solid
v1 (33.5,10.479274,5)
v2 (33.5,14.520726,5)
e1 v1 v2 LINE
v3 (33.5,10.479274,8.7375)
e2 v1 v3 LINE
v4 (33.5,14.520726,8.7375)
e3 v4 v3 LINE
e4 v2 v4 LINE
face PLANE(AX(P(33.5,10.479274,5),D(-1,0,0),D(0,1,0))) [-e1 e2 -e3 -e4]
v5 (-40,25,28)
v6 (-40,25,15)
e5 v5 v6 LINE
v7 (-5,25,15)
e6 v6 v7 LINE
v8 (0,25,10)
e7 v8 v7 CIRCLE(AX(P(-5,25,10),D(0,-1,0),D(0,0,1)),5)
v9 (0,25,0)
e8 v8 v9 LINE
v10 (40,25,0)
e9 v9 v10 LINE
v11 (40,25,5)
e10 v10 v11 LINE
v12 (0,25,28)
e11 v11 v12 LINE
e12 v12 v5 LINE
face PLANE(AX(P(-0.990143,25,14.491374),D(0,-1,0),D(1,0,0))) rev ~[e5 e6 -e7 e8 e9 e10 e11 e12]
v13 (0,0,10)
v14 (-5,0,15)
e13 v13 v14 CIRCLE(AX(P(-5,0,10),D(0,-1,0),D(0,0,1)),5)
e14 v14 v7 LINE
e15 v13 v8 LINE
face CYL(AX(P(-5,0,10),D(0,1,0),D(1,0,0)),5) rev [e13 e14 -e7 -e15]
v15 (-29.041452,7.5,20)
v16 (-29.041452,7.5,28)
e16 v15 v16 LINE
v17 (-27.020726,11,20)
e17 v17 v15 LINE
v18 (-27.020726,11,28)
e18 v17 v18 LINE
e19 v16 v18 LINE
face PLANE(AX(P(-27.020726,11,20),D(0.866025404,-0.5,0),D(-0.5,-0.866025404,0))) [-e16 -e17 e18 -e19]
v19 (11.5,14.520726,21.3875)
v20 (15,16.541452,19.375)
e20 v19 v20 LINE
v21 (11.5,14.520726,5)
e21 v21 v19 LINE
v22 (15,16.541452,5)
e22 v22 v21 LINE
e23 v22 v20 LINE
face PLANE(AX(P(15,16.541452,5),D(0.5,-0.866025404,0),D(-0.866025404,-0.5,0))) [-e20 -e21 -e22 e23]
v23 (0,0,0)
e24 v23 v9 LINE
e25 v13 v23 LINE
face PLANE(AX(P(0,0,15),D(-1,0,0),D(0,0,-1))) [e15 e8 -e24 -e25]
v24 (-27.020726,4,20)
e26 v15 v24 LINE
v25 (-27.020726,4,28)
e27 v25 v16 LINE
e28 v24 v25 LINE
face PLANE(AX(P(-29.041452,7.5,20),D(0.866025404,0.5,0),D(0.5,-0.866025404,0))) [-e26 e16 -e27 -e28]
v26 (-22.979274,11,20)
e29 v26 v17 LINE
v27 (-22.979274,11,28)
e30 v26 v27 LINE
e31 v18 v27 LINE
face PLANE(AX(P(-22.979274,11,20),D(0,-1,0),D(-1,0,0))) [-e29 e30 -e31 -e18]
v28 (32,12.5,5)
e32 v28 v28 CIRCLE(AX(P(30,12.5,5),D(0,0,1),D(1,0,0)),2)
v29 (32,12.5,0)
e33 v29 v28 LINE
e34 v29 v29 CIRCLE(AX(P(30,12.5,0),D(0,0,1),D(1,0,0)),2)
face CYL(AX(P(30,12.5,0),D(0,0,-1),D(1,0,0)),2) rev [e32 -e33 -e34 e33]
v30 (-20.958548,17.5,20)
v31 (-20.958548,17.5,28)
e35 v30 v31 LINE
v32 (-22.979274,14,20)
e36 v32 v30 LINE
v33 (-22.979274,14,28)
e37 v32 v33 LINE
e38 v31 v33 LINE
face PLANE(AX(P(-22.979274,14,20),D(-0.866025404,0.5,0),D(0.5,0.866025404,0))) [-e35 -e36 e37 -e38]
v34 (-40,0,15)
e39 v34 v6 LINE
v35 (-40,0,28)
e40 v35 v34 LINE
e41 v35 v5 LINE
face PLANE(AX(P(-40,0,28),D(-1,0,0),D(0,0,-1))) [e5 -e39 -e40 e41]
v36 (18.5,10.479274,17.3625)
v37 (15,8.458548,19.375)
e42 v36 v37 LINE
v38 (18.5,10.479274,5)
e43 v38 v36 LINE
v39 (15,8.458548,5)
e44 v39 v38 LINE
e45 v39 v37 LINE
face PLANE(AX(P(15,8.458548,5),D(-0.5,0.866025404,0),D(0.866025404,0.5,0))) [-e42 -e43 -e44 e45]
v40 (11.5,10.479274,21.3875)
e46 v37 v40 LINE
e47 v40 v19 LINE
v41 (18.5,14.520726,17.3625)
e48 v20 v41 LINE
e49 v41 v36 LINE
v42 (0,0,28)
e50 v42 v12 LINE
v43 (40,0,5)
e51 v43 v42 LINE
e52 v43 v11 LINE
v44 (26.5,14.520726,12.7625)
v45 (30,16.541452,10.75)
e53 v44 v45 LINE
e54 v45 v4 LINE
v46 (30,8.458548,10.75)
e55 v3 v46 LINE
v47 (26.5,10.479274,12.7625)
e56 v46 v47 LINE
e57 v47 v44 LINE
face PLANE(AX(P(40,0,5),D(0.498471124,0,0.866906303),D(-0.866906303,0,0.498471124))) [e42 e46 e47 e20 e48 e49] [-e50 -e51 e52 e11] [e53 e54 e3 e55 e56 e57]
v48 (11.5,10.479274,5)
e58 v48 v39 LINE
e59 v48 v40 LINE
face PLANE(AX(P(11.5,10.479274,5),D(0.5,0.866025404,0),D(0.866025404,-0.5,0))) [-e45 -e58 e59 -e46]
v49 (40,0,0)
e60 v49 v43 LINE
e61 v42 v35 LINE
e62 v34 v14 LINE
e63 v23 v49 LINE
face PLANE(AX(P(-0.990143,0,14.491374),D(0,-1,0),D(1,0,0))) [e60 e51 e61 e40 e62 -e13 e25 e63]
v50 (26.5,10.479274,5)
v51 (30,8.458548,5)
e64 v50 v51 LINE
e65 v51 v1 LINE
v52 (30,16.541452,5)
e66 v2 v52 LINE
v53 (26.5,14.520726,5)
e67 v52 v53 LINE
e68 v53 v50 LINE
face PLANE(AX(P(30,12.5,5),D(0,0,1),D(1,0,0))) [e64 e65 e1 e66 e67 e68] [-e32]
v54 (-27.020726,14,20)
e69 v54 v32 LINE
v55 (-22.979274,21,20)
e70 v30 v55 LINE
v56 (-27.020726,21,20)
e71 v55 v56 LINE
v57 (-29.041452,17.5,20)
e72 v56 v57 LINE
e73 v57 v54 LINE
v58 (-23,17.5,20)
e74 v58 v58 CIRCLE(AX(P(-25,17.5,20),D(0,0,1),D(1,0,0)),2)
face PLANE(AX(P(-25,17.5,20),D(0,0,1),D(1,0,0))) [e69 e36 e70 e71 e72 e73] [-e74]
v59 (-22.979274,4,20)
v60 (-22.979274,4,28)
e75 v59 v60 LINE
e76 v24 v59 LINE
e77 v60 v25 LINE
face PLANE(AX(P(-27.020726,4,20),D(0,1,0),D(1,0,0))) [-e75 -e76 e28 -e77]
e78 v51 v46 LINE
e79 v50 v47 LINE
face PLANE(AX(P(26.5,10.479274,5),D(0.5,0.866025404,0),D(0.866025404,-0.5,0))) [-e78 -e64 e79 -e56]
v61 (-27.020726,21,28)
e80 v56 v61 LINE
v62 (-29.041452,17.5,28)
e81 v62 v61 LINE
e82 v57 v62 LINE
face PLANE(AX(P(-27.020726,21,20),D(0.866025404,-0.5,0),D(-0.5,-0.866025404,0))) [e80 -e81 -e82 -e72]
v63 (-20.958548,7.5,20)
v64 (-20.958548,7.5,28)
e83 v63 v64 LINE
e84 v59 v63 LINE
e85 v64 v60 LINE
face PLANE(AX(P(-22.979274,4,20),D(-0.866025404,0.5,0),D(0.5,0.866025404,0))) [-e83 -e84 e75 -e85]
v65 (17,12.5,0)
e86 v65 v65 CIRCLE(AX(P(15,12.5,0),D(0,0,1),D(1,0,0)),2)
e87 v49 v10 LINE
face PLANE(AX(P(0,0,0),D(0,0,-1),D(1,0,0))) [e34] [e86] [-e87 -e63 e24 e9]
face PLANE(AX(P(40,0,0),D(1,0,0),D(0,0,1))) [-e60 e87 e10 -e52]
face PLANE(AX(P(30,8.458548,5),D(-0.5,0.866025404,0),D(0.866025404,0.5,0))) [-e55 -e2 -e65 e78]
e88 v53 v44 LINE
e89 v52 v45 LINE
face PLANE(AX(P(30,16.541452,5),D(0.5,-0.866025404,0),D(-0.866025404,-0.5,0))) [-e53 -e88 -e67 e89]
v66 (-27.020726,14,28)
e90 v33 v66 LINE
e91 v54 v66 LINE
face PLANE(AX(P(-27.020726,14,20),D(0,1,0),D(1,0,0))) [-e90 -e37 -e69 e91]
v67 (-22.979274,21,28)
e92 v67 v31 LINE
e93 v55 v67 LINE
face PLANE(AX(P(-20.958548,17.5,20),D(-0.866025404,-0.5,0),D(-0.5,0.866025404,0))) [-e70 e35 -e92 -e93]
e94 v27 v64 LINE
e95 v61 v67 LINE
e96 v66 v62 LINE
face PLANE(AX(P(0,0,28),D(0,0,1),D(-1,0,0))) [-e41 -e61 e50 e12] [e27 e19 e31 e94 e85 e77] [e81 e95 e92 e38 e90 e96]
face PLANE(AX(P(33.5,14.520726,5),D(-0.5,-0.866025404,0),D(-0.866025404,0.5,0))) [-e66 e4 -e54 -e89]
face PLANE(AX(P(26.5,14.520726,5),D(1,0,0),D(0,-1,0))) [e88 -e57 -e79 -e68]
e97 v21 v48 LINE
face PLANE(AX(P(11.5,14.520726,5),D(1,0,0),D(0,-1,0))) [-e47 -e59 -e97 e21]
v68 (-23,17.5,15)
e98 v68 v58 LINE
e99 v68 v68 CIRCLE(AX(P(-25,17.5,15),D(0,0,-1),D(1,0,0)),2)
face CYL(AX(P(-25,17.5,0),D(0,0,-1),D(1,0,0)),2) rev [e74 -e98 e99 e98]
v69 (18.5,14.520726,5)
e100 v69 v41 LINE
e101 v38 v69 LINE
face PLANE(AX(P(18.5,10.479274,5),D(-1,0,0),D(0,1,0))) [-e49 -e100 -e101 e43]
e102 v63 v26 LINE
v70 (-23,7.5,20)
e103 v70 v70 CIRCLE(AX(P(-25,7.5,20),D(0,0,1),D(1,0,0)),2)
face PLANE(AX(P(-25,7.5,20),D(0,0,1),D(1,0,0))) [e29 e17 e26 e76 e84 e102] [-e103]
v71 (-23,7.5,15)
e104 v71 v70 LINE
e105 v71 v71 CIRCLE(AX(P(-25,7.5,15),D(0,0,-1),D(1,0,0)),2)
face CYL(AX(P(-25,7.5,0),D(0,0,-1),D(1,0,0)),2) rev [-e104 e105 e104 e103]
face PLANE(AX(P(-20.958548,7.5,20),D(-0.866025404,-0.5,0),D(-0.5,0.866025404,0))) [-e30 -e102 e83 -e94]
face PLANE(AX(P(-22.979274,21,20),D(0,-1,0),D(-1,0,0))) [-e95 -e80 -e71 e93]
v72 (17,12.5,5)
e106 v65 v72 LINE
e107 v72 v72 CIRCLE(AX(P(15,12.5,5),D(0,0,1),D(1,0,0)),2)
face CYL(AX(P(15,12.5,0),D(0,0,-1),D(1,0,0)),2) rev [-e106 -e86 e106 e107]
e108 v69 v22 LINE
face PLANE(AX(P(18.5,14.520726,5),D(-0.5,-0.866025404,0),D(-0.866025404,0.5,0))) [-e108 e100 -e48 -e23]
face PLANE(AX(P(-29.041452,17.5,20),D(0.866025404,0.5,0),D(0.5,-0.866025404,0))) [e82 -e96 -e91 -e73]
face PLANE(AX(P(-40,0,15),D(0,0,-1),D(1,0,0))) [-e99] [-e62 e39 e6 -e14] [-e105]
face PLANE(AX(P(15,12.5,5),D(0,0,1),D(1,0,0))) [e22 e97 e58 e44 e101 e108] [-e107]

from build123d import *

# Parameters (mm, degrees)
F1_DEPTH      = 25
F2_R          = 2
F3_DEPTH      = 25
F3_DEPTH_BACK = 25
F4_START      = 5
F4_DEPTH      = 20
F6_START      = 20
F5_R          = 2
F6_DEPTH      = 20
F7_DEPTH      = 40
F8_R          = 5


with BuildPart() as f1:
    # F0 (on Front) → F1 (new body)
    with BuildSketch(Plane.XZ):
        Polygon((0, 15), (0, 0), (40, 0), (40, 5), (0, 28), (-40, 28), (-40, 15), align=None)
    extrude(amount=-F1_DEPTH)

    # F2 (on Top) → F3 (cut, two sides)
    with BuildSketch(Plane.XY) as f3_sk:
        with Locations((30, 12.5)):
            Circle(F2_R)
        with Locations((15, 12.5)):
            Circle(F2_R)
    extrude(amount=F3_DEPTH, mode=Mode.SUBTRACT)
    extrude(f3_sk.sketch, amount=-F3_DEPTH_BACK, mode=Mode.SUBTRACT)

    # F2 (on Top) → F4 (cut)
    with BuildSketch(Plane.XY.offset(F4_START)):
        Polygon((11.5, 14.5207259422), (11.5, 10.4792740578), (15, 8.4585481157), (18.5, 10.4792740578), (18.5, 14.5207259422), (15, 16.5414518843), align=None)
        with Locations((15, 12.5)):
            Circle(F2_R, mode=Mode.SUBTRACT)
        Polygon((26.5, 14.5207259422), (26.5, 10.4792740578), (30, 8.4585481157), (33.5, 10.4792740578), (33.5, 14.5207259422), (30, 16.5414518843), align=None)
        with Locations((30, 12.5)):
            Circle(F2_R, mode=Mode.SUBTRACT)
    extrude(amount=F4_DEPTH, mode=Mode.SUBTRACT)

    # F5 (on Top) → F6 (cut)
    with BuildSketch(Plane.XY.offset(F6_START)):
        Polygon((-22.9792740578, 21), (-27.0207259422, 21), (-29.0414518843, 17.5), (-27.0207259422, 14), (-22.9792740578, 14), (-20.9585481157, 17.5), align=None)
        with Locations((-25, 17.5)):
            Circle(F5_R, mode=Mode.SUBTRACT)
        Polygon((-22.9792740578, 11), (-27.0207259422, 11), (-29.0414518843, 7.5), (-27.0207259422, 4), (-22.9792740578, 4), (-20.9585481157, 7.5), align=None)
        with Locations((-25, 7.5)):
            Circle(F5_R, mode=Mode.SUBTRACT)
    extrude(amount=F6_DEPTH, mode=Mode.SUBTRACT)

    # F5 (on Top) → F7 (cut)
    with BuildSketch(Plane.XY):
        with Locations((-25, 7.5)):
            Circle(F5_R)
        with Locations((-25, 17.5)):
            Circle(F5_R)
    extrude(amount=F7_DEPTH, mode=Mode.SUBTRACT)

    # F8
    f8_edges = [f1.edges().sort_by_distance(p)[0] for p in [
        (0, 12.5, 15),
    ]]
    fillet(f8_edges, radius=F8_R)


solid = f1.part
